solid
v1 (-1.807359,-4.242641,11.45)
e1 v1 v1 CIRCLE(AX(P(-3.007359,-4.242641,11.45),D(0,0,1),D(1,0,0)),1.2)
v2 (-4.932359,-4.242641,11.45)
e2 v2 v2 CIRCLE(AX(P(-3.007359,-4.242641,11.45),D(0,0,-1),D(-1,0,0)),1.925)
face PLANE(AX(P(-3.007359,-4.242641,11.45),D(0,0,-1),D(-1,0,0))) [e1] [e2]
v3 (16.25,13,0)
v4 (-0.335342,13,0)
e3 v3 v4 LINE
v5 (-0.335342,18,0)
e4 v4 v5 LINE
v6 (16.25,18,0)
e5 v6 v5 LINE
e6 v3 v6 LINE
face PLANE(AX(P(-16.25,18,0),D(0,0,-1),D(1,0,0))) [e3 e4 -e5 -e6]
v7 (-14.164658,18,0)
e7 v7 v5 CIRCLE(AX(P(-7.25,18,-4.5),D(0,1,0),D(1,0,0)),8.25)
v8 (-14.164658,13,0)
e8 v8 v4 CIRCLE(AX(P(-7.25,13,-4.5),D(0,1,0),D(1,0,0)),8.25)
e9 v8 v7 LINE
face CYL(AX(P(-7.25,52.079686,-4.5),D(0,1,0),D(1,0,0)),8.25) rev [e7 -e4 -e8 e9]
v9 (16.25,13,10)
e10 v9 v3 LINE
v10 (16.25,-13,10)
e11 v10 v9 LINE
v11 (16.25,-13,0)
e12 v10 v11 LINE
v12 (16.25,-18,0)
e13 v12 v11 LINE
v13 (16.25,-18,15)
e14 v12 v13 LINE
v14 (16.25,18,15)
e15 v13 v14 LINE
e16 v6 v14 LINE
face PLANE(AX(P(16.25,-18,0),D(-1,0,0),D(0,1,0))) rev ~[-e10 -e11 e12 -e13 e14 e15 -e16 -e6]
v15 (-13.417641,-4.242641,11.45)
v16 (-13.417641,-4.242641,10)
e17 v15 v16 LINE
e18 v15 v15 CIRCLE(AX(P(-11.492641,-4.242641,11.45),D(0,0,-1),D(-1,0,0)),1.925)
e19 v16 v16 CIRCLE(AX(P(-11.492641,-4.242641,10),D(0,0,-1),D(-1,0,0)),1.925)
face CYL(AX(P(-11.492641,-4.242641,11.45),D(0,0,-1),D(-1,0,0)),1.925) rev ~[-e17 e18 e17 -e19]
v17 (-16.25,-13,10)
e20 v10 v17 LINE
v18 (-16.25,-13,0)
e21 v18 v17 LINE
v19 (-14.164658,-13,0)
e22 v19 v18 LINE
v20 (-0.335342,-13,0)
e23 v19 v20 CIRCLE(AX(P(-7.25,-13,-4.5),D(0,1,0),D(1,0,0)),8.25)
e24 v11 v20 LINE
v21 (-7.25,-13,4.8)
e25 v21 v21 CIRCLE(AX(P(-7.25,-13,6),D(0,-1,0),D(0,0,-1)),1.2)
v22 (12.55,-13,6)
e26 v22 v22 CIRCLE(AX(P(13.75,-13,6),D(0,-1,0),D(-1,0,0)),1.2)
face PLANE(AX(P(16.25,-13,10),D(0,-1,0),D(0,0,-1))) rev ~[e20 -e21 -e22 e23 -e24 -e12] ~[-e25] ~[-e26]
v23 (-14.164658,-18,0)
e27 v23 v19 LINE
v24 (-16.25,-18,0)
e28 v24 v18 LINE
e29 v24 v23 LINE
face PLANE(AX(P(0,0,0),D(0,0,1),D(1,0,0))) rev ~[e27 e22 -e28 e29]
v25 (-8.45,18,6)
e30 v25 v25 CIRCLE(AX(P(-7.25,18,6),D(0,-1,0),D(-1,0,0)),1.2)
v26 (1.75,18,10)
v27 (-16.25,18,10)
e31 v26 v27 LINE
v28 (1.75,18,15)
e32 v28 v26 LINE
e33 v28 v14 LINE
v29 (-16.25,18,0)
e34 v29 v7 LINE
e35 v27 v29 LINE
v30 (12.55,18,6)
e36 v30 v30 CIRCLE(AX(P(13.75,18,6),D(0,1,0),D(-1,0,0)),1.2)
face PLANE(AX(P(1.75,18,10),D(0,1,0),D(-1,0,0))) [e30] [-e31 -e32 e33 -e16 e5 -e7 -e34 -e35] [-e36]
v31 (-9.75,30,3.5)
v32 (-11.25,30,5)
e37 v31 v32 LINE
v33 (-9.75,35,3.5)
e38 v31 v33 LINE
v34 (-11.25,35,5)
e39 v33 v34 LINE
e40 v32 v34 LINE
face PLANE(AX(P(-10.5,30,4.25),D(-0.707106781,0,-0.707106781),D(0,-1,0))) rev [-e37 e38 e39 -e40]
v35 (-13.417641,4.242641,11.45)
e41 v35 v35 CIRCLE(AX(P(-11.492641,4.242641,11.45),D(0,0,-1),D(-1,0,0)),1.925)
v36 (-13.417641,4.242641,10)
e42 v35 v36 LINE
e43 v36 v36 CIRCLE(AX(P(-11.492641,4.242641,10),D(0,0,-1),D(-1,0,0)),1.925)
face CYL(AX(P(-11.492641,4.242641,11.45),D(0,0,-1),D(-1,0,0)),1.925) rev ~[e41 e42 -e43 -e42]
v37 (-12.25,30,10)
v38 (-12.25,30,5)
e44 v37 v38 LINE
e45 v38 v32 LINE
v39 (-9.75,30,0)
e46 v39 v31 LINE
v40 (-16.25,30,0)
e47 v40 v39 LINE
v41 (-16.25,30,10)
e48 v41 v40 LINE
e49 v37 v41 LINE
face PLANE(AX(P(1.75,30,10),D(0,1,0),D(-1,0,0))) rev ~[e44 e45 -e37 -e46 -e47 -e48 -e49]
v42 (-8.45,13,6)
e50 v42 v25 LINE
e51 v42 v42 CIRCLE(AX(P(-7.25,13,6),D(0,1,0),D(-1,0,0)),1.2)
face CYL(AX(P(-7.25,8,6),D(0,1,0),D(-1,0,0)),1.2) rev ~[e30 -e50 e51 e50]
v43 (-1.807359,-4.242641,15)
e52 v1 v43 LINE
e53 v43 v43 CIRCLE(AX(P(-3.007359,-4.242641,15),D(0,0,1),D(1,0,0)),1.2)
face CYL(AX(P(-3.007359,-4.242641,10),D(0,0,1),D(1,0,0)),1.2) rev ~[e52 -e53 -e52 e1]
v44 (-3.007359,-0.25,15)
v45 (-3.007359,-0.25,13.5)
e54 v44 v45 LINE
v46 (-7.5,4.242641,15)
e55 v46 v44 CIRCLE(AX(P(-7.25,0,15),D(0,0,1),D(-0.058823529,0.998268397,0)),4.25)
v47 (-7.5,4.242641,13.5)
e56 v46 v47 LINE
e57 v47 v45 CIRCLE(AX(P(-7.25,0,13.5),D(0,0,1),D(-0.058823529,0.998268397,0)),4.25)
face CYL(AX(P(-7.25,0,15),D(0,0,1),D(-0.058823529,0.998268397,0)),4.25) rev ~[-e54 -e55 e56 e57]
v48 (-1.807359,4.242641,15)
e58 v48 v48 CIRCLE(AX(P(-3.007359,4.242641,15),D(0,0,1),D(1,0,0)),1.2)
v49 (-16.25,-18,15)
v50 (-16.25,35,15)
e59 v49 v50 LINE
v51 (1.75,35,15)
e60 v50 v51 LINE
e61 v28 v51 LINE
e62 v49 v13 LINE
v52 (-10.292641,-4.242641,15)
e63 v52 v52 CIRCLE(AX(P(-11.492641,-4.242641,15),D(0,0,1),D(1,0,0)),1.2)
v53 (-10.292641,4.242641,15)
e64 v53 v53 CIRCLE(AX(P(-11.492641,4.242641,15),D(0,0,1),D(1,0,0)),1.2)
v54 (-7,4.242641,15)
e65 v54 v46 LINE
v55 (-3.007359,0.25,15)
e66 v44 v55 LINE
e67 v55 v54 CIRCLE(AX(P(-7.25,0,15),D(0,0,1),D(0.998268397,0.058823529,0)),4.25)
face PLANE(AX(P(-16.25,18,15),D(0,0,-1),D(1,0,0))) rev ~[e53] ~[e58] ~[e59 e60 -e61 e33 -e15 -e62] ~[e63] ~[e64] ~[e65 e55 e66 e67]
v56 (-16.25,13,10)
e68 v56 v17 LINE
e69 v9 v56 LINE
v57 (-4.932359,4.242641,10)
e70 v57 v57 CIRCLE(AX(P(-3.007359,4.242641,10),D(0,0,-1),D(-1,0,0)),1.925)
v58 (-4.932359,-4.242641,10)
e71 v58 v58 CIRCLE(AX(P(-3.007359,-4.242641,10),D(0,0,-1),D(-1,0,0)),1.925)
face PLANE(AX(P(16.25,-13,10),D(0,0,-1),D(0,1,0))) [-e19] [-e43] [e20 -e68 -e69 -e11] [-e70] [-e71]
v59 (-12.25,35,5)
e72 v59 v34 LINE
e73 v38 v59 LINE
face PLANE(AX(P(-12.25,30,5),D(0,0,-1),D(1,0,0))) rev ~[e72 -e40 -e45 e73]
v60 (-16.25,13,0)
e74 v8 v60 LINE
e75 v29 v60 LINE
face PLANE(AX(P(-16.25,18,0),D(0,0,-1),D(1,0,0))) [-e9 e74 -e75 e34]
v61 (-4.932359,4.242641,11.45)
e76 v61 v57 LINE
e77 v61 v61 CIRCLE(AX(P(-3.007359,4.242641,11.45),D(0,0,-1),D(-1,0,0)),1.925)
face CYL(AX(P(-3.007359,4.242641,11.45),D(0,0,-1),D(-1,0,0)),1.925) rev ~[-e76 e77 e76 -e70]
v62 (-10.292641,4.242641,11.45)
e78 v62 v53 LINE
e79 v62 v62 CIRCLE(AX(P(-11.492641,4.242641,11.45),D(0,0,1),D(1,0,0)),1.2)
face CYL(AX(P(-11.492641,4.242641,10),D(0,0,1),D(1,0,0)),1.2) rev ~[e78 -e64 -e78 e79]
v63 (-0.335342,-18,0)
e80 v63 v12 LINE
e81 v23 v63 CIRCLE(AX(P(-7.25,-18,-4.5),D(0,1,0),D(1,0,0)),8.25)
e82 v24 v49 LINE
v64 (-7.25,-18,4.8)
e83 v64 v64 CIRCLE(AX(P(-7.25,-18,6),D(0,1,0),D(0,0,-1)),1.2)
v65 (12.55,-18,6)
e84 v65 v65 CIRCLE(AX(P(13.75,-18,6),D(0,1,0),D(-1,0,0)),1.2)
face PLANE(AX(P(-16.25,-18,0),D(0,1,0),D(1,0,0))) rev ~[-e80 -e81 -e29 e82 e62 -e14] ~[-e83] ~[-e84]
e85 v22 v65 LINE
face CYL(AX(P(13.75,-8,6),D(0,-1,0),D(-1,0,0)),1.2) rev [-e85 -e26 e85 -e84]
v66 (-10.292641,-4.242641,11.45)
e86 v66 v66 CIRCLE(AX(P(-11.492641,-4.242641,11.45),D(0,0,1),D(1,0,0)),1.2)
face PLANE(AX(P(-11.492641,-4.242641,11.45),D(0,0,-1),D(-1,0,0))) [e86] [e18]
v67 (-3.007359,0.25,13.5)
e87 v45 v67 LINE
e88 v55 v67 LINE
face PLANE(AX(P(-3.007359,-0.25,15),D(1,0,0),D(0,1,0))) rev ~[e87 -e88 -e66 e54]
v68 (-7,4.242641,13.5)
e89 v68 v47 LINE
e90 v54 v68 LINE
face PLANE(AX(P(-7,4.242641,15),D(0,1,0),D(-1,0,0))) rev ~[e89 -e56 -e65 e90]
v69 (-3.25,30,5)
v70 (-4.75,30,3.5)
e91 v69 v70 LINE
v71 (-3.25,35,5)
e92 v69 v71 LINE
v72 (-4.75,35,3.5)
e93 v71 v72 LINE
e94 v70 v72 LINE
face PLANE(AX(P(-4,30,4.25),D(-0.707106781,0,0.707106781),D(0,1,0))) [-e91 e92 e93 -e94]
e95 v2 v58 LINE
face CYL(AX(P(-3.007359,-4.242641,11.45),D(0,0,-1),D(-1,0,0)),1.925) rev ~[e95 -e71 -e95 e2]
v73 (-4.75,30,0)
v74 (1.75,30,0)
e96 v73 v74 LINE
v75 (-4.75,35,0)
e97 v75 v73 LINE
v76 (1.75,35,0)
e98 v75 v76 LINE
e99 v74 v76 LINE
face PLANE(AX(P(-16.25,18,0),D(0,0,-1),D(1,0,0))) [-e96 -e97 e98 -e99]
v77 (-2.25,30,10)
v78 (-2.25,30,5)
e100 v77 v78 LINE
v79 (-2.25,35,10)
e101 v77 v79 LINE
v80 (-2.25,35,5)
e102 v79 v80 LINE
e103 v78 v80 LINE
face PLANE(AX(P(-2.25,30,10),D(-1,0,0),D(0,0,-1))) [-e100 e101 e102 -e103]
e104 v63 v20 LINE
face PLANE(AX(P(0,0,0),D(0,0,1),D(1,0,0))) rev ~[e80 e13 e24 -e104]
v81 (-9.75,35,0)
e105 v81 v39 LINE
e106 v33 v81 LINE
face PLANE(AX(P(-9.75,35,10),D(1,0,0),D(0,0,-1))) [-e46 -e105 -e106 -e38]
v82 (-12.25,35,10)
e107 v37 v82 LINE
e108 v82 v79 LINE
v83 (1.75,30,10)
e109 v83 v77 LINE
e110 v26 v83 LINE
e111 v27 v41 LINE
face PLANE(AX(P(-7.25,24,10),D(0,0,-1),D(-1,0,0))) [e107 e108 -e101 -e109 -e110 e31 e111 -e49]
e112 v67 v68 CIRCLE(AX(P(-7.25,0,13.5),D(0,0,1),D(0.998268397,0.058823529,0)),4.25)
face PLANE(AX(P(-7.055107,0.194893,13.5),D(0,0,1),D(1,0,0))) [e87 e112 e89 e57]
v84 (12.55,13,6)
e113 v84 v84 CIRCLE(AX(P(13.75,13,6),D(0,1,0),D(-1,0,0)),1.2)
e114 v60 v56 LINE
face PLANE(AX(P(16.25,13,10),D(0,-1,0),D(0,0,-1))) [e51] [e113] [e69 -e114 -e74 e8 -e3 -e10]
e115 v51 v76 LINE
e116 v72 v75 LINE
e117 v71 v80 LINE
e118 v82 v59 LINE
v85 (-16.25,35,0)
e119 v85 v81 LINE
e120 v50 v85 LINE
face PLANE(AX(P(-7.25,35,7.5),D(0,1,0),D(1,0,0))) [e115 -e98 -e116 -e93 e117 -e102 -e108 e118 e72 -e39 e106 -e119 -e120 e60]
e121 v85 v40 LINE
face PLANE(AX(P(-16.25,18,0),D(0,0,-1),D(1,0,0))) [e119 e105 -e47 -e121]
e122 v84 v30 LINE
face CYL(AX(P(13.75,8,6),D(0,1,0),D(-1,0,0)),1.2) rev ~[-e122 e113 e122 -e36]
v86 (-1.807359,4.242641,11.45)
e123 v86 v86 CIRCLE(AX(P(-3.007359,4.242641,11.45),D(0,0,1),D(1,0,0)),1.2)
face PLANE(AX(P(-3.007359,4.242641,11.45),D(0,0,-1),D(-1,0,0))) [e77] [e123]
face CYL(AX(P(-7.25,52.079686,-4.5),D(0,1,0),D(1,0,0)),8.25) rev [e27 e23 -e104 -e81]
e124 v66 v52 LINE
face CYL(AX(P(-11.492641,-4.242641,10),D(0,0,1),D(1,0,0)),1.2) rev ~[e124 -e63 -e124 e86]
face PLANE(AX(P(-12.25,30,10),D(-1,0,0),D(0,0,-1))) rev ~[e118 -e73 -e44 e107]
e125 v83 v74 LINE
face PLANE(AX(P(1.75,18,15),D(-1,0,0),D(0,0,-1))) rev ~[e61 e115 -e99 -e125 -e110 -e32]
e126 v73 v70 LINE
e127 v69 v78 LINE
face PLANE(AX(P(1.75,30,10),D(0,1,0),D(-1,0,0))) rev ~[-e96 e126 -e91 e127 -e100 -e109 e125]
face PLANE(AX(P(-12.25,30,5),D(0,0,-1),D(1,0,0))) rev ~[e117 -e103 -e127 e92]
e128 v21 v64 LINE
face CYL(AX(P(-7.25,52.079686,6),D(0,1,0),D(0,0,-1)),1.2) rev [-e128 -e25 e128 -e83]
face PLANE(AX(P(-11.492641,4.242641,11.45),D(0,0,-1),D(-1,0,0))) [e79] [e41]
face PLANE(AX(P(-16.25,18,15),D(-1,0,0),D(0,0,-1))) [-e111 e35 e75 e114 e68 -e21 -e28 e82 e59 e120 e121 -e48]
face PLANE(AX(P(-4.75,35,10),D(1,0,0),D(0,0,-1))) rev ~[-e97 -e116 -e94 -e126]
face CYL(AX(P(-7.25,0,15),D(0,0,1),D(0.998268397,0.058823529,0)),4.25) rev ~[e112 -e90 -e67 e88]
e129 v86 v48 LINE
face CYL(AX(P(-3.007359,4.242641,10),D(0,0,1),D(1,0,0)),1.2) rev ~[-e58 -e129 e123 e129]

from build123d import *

# Parameters (mm, degrees)
SKETCH_1_W                   = 32.5
SKETCH_1_H                   = 36
EXTRUDE_1_DEPTH              = 15
SKETCH_2_W                   = 10
SKETCH_2_H                   = 26
CUT_EXTRUDE_1_DEPTH          = 41.065571255
HOLE_WIZARD_M2_1_D           = 2.4
HOLE_WIZARD_M2_1_DEPTH       = 5
CUT_EXTRUDE_3_DEPTH          = 39.079686186
CUT_EXTRUDE_3_DEPTH_BACK     = 39.079686186
SKETCH_4_R                   = 8.25
SKETCH_4_R_2                 = 1.2
HOLE_WIZARD_M2_2_D           = 2.4
HOLE_WIZARD_M2_2_CBORE_D     = 3.85
HOLE_WIZARD_M2_2_CBORE_DEPTH = 1.45
SKETCH_13_W                  = 18
SKETCH_13_H                  = 15
EXTRUDE_3_DEPTH              = 17
CUT_EXTRUDE_4_DEPTH          = 42.401237904
CUT_EXTRUDE_4_DEPTH_BACK     = 10
SKETCH_14_W                  = 18
SKETCH_14_H                  = 12
CUT_EXTRUDE_5_REACH          = 59.429
SKETCH_15_W                  = 5
SKETCH_15_H                  = 10
CUT_EXTRUDE_START            = -5
SKETCH_16_W                  = 10
SKETCH_16_H                  = 5
CUT_EXTRUDE_6_DEPTH          = 5
CHAMFER_1_SIZE               = 1.5
CUT_EXTRUDE_7_DEPTH          = 1.5


with BuildPart() as part:
    # ｽｹｯﾁ1 → ﾎﾞｽ - 押し出し1 (new body)
    with BuildSketch(Plane.XY):
        Rectangle(SKETCH_1_W, SKETCH_1_H)
    extrude(amount=EXTRUDE_1_DEPTH)

    # ｽｹｯﾁ2 → ｶｯﾄ - 押し出し1 (cut, through all)
    with BuildSketch(Plane(origin=(16.25, 0, 0), x_dir=(0, 0, -1), z_dir=(1, 0, 0))):
        with Locations((-5, 0)):
            Rectangle(SKETCH_2_W, SKETCH_2_H)
    extrude(amount=-CUT_EXTRUDE_1_DEPTH, mode=Mode.SUBTRACT)

    # M2 すきま穴1
    with Locations(Plane.XZ.offset(-13)):
        with Locations((13.75, 6), (-7.25, 6)):
            hole_wizard_m2_1 = Hole(HOLE_WIZARD_M2_1_D / 2, depth=HOLE_WIZARD_M2_1_DEPTH)

    # ｽｹｯﾁ4 → ｶｯﾄ - 押し出し3 (cut, two sides: drawn at the far end of the back side and taken through both)
    with BuildSketch(Plane.XZ.offset(-13).offset(-CUT_EXTRUDE_3_DEPTH_BACK)):
        with Locations((-7.25, -4.5)):
            Circle(SKETCH_4_R)
        with Locations(Location((-7.25, 6, 0), (0, 0, 270))):
            Circle(SKETCH_4_R_2)
    extrude(amount=CUT_EXTRUDE_3_DEPTH + CUT_EXTRUDE_3_DEPTH_BACK, mode=Mode.SUBTRACT)

    # ﾐﾗｰ1: M2 すきま穴1 across plane
    add(hole_wizard_m2_1.mirror(Plane.ZX), mode=Mode.SUBTRACT)

    # M2 丸平ねじ用座ぐり穴2 (through all)
    with Locations(Plane(origin=(0, 0, 10), x_dir=(-1, 0, 0), z_dir=(0, 0, -1))):
        with Locations((11.492640687, 4.242640687), (3.007359313, -4.242640687), (11.492640687, -4.242640687), (3.007359313, 4.242640687)):
            CounterBoreHole(HOLE_WIZARD_M2_2_D / 2, HOLE_WIZARD_M2_2_CBORE_D / 2, HOLE_WIZARD_M2_2_CBORE_DEPTH)

    # ｽｹｯﾁ13 → ﾎﾞｽ - 押し出し3 (add)
    with BuildSketch(Plane(origin=(0, 18, 0), x_dir=(1, 0, 0), z_dir=(0, 1, 0))):
        with Locations((-7.25, -7.5)):
            Rectangle(SKETCH_13_W, SKETCH_13_H)
    extrude(amount=EXTRUDE_3_DEPTH)

    # ｽｹｯﾁ14 → ｶｯﾄ - 押し出し4 (cut, two sides: drawn at the far end of the back side and taken through both)
    with BuildSketch(Plane(origin=(0, 0, 0), x_dir=(-1, 0, 0), z_dir=(0, 0, -1)).offset(-CUT_EXTRUDE_4_DEPTH_BACK)):
        with Locations((7.25, 24)):
            Rectangle(SKETCH_14_W, SKETCH_14_H)
    extrude(amount=CUT_EXTRUDE_4_DEPTH + CUT_EXTRUDE_4_DEPTH_BACK, mode=Mode.SUBTRACT)

    # ｽｹｯﾁ15 → ｶｯﾄ - 押し出し5 (cut, up to next)
    with BuildSketch(Plane(origin=(0, 35, 0), x_dir=(1, 0, 0), z_dir=(0, 1, 0)), mode=Mode.PRIVATE) as cut_extrude_5_sk1:
        with Locations((-7.25, -5)):
            Rectangle(SKETCH_15_W, SKETCH_15_H)
    cut_extrude_5_tool1 = extrude(cut_extrude_5_sk1.sketch, amount=-CUT_EXTRUDE_5_REACH, mode=Mode.PRIVATE) & part.part
    add(cut_extrude_5_tool1.solids().sort_by_distance((-7.25, 35, 5))[0], mode=Mode.SUBTRACT)

    # ｽｹｯﾁ16 → ｶｯﾄ - 押し出し6 (cut)
    with BuildSketch(Plane(origin=(0, 35, 0), x_dir=(1, 0, 0), z_dir=(0, 1, 0)).offset(CUT_EXTRUDE_START)):
        with Locations((-7.25, -7.5)):
            Rectangle(SKETCH_16_W, SKETCH_16_H)
    extrude(amount=CUT_EXTRUDE_6_DEPTH, mode=Mode.SUBTRACT)

    # 面取り1
    chamfer_1_edges = [part.edges().sort_by_distance(p)[0] for p in [
        (-9.75, 32.5, 5),
        (-4.75, 32.5, 5),
    ]]
    chamfer(chamfer_1_edges, length=CHAMFER_1_SIZE)

    # ｽｹｯﾁ17 → ｶｯﾄ - 押し出し7 (cut)
    with BuildSketch(Plane.XY.offset(15)):
        with BuildLine():
            Line((-7, 4.242640687), (-7.5, 4.242640687))
            ThreePointArc((-7.5, 4.242640687), (-10.25520382, -3.00520382), (-3.007359313, -0.25))
            Line((-3.007359313, -0.25), (-3.007359313, 0.25))
            ThreePointArc((-3.007359313, 0.25), (-4.24479618, 3.00520382), (-7, 4.242640687))
        make_face()
    extrude(amount=-CUT_EXTRUDE_7_DEPTH, mode=Mode.SUBTRACT)


solid = part.part
